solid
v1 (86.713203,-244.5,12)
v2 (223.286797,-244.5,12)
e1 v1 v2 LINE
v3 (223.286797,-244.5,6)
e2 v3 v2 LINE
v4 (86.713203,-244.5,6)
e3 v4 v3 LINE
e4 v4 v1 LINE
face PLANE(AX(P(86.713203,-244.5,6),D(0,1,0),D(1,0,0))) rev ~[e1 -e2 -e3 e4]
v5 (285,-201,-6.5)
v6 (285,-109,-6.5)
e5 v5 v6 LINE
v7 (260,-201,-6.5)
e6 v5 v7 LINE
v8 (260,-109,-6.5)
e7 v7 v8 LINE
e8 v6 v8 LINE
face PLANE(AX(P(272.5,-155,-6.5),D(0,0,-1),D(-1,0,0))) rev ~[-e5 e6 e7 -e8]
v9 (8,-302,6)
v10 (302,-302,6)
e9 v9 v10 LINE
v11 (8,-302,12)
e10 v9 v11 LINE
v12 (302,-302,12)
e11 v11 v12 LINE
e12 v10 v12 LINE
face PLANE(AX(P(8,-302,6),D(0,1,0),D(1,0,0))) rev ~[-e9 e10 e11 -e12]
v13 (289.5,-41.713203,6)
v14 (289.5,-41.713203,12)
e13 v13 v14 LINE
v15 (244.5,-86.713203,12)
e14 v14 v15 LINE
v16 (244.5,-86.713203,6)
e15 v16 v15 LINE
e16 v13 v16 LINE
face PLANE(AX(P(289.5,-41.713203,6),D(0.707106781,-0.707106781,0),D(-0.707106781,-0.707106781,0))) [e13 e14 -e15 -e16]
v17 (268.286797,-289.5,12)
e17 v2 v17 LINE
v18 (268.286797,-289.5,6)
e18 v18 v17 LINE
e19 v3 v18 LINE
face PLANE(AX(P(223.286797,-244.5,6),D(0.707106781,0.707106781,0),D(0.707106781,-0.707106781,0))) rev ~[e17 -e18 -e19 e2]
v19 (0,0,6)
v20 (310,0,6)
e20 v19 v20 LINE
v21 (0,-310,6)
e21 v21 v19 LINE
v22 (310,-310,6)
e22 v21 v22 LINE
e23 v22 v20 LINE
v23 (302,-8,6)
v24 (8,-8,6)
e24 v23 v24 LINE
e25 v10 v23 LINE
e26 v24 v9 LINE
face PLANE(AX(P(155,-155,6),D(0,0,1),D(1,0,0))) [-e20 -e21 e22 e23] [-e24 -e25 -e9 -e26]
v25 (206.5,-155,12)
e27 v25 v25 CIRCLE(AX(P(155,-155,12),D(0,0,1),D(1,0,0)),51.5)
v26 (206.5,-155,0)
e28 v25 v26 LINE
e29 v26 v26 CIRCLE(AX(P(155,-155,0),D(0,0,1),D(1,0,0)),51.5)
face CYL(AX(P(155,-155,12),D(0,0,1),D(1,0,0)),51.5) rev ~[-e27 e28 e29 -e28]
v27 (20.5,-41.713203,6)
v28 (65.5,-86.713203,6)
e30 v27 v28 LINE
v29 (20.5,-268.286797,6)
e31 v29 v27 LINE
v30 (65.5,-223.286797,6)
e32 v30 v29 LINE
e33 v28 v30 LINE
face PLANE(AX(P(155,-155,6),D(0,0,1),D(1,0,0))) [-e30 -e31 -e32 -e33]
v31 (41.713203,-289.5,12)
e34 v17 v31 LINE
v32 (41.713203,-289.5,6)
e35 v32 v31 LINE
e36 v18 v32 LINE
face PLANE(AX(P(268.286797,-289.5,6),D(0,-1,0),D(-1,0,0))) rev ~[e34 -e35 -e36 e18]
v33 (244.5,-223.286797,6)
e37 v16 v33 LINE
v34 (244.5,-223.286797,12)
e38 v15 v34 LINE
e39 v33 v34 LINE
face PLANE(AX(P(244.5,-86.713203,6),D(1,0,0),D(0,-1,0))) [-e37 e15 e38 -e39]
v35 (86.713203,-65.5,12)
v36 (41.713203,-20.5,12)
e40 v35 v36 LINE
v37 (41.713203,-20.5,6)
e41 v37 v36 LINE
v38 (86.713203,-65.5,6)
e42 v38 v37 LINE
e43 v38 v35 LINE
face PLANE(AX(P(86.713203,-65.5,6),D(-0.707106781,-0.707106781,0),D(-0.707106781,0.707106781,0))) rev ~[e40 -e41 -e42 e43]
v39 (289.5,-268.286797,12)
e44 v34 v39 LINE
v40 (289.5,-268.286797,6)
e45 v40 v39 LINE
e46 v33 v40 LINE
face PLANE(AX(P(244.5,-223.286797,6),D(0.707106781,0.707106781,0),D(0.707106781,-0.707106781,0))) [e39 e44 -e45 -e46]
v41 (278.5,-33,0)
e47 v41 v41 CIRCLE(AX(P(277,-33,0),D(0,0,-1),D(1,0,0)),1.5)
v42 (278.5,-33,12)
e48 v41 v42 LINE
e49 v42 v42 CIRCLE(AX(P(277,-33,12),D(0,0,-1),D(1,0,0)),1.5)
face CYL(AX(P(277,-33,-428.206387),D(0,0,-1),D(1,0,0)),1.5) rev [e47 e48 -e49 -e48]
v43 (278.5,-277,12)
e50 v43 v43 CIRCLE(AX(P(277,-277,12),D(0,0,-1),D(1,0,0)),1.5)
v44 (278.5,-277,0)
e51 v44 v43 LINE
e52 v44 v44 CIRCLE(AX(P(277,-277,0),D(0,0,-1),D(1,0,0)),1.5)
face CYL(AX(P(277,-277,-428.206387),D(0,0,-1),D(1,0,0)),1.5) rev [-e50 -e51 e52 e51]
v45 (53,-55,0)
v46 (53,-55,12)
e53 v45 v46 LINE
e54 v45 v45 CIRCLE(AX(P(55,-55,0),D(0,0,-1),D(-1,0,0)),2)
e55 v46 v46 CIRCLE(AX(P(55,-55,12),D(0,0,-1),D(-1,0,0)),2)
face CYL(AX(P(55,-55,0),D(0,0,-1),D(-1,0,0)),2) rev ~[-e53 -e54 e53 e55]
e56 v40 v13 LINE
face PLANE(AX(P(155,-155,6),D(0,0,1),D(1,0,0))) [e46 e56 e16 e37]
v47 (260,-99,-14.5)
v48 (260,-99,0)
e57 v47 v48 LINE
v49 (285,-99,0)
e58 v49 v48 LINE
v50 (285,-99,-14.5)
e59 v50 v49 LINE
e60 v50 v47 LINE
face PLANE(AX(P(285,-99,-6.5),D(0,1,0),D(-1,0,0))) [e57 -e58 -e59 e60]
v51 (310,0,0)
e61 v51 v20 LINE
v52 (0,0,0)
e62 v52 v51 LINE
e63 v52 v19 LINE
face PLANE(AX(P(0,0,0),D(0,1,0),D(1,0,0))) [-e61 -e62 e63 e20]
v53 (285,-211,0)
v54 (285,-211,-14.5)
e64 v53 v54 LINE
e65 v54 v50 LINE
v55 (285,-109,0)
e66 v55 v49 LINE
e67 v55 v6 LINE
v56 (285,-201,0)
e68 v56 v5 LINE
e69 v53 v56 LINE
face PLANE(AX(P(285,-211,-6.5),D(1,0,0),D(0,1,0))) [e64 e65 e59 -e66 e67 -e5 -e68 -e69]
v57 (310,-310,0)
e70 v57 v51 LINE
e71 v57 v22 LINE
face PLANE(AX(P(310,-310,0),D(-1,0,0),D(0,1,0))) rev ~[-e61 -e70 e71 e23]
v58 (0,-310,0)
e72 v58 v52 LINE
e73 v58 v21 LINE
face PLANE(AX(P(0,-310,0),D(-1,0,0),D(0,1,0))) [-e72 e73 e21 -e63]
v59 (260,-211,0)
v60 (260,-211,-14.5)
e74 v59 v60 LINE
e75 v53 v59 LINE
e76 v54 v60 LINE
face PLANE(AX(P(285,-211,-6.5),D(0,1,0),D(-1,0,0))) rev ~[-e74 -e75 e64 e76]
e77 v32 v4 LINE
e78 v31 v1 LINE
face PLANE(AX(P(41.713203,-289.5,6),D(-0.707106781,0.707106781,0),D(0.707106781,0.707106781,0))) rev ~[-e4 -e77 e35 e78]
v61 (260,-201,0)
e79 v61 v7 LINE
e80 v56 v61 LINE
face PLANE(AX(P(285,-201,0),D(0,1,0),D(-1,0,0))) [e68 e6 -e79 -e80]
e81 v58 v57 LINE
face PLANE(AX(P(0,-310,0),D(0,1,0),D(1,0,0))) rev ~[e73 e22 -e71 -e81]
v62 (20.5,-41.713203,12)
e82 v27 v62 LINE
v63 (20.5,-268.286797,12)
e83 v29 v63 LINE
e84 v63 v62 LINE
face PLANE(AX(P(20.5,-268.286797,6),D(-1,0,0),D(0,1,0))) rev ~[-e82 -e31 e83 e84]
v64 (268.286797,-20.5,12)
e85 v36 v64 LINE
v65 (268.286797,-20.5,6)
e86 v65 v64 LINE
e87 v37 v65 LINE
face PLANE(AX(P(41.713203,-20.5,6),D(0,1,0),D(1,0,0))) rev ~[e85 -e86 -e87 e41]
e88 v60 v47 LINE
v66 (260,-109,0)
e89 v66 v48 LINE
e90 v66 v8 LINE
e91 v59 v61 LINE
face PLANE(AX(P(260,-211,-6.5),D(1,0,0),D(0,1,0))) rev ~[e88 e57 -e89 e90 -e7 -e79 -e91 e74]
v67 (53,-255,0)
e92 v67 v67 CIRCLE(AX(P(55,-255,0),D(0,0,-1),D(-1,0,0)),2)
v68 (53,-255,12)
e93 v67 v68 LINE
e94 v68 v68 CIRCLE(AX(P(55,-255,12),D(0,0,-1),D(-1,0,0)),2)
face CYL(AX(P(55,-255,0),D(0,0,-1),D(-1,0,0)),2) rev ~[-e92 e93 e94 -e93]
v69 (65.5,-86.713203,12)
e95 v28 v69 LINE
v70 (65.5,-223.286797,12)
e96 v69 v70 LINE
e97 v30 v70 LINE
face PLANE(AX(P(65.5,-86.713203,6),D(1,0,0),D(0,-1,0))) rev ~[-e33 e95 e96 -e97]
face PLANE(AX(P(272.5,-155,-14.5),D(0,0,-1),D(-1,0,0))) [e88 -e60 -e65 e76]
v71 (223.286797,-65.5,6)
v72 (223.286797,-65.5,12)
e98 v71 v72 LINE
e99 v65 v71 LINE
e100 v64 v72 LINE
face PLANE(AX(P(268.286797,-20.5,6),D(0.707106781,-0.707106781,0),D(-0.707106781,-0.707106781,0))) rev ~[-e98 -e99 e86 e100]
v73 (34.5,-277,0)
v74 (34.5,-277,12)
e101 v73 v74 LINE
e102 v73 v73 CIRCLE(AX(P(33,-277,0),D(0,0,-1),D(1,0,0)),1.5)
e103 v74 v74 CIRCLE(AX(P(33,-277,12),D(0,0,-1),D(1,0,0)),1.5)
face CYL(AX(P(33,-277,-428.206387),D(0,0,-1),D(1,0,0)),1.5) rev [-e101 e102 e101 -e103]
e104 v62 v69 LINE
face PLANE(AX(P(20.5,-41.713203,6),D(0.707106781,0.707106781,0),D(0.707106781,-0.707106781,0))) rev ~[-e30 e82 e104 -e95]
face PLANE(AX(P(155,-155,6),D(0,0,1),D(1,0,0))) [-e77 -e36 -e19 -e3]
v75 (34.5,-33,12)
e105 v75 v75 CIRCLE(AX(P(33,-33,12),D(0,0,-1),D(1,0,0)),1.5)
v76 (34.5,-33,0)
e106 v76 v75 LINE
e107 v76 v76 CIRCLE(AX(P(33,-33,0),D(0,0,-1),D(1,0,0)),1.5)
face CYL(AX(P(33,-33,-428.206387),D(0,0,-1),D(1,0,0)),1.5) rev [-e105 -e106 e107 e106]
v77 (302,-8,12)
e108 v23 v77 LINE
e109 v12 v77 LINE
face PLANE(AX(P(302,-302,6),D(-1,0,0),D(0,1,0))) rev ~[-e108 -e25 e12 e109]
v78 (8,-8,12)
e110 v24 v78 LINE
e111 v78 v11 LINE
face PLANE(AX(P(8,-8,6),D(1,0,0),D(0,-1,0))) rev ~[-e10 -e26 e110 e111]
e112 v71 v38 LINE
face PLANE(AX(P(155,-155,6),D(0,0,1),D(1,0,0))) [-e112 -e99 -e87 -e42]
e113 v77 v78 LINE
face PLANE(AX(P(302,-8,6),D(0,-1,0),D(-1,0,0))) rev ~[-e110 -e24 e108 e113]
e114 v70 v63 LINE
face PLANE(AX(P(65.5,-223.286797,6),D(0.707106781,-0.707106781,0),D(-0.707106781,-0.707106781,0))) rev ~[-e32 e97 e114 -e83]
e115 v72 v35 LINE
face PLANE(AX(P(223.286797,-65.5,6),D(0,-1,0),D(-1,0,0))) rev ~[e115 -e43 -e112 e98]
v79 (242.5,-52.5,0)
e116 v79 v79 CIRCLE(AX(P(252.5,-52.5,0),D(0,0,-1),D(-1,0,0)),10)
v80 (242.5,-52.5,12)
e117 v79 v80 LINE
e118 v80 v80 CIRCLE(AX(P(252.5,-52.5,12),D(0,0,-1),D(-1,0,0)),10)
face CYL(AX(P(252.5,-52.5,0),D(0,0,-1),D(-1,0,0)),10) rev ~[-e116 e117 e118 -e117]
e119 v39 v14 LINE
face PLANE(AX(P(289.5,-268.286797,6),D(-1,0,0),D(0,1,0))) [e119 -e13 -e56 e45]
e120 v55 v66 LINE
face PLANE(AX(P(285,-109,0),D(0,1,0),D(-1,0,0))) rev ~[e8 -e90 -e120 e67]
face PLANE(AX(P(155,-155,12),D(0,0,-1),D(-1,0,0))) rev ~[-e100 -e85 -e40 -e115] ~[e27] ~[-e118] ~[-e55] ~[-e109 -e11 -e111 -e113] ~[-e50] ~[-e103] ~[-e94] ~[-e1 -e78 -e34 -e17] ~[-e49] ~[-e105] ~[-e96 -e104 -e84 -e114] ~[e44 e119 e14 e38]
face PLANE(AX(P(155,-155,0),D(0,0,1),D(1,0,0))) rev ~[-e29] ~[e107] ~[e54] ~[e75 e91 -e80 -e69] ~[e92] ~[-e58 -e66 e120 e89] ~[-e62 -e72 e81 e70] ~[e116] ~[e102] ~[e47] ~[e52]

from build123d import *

# Parameters (mm, degrees)
SKETCH1_W               = 310
SKETCH1_H               = 310
BOSS_EXTRUDE1_DEPTH     = 6
BOSS_EXTRUDE2_DEPTH     = 6
SKETCH4_R               = 51.5
CUT_EXTRUDE1_DEPTH      = 439.570404838
SKETCH10_R              = 10
CORNER_CORD_HOLE_DEPTH  = 439.570404838
SKETCH11_R              = 2
CUT_EXTRUDE5_DEPTH      = 439.570404838
SKETCH12_W              = 25
SKETCH12_H              = 10
BOSS_EXTRUDE3_DEPTH     = 6.5
SKETCH13_W              = 25
SKETCH13_H              = 112
BOSS_EXTRUDE4_DEPTH     = 8
CUT_EXTRUDE6_DEPTH      = 440.206386566
CUT_EXTRUDE6_DEPTH_BACK = 440.206386566
SKETCH14_R              = 1.5


with BuildPart() as part:
    # Sketch1 → Boss-Extrude1 (new body)
    with BuildSketch(Plane.XY):
        with Locations((155, -155)):
            Rectangle(SKETCH1_W, SKETCH1_H)
    extrude(amount=BOSS_EXTRUDE1_DEPTH)

    # Sketch3 → Boss-Extrude2 (add)
    with BuildSketch(Plane.XY.offset(6)):
        Polygon((302, -8), (302, -33), (302, -277), (302, -302), (277, -302), (33, -302), (8, -302), (8, -277), (8, -33), (8, -8), (33, -8), (277, -8), align=None)
        Polygon((268.286796564, -20.5), (223.286796564, -65.5), (86.713203436, -65.5), (41.713203436, -20.5), align=None, mode=Mode.SUBTRACT)
        Polygon((20.5, -41.713203436), (65.5, -86.713203436), (65.5, -223.286796564), (20.5, -268.286796564), align=None, mode=Mode.SUBTRACT)
        Polygon((41.713203436, -289.5), (86.713203436, -244.5), (223.286796564, -244.5), (268.286796564, -289.5), align=None, mode=Mode.SUBTRACT)
        Polygon((289.5, -41.713203436), (244.5, -86.713203436), (244.5, -223.286796564), (289.5, -268.286796564), align=None, mode=Mode.SUBTRACT)
    extrude(amount=BOSS_EXTRUDE2_DEPTH)

    # Sketch4 → Cut-Extrude1 (cut, through all)
    with BuildSketch(Plane.XY.offset(12)):
        with Locations((155, -155)):
            Circle(SKETCH4_R)
    extrude(amount=-CUT_EXTRUDE1_DEPTH, mode=Mode.SUBTRACT)

    # Sketch10 → corner cord hole (cut, through all)
    with BuildSketch(Plane(origin=(0, 0, 0), x_dir=(-1, 0, 0), z_dir=(0, 0, -1))):
        with Locations((-252.5, -52.5)):
            Circle(SKETCH10_R)
    extrude(amount=-CORNER_CORD_HOLE_DEPTH, mode=Mode.SUBTRACT)

    # Sketch11 → Cut-Extrude5 (cut, through all)
    with BuildSketch(Plane(origin=(0, 0, 0), x_dir=(-1, 0, 0), z_dir=(0, 0, -1))):
        with Locations((-55, -55)):
            Circle(SKETCH11_R)
        with Locations((-55, -255)):
            Circle(SKETCH11_R)
    extrude(amount=-CUT_EXTRUDE5_DEPTH, mode=Mode.SUBTRACT)

    # Sketch12 → Boss-Extrude3 (add)
    with BuildSketch(Plane(origin=(0, 0, 0), x_dir=(-1, 0, 0), z_dir=(0, 0, -1))):
        with Locations((-272.5, -104)):
            Rectangle(SKETCH12_W, SKETCH12_H)
        with Locations((-272.5, -206)):
            Rectangle(SKETCH12_W, SKETCH12_H)
    extrude(amount=BOSS_EXTRUDE3_DEPTH)

    # Sketch13 → Boss-Extrude4 (add)
    with BuildSketch(Plane(origin=(0, 0, -6.5), x_dir=(-1, 0, 0), z_dir=(0, 0, -1))):
        with Locations((-272.5, -155)):
            Rectangle(SKETCH13_W, SKETCH13_H)
    extrude(amount=BOSS_EXTRUDE4_DEPTH)

    # Sketch14 → Cut-Extrude6 (cut, two sides: drawn at the far end of the back side and taken through both)
    with BuildSketch(Plane.XY.offset(12).offset(-CUT_EXTRUDE6_DEPTH_BACK)):
        with Locations((33, -33)):
            Circle(SKETCH14_R)
        with Locations((277, -33)):
            Circle(SKETCH14_R)
        with Locations((277, -277)):
            Circle(SKETCH14_R)
        with Locations((33, -277)):
            Circle(SKETCH14_R)
    extrude(amount=CUT_EXTRUDE6_DEPTH + CUT_EXTRUDE6_DEPTH_BACK, mode=Mode.SUBTRACT)


solid = part.part
